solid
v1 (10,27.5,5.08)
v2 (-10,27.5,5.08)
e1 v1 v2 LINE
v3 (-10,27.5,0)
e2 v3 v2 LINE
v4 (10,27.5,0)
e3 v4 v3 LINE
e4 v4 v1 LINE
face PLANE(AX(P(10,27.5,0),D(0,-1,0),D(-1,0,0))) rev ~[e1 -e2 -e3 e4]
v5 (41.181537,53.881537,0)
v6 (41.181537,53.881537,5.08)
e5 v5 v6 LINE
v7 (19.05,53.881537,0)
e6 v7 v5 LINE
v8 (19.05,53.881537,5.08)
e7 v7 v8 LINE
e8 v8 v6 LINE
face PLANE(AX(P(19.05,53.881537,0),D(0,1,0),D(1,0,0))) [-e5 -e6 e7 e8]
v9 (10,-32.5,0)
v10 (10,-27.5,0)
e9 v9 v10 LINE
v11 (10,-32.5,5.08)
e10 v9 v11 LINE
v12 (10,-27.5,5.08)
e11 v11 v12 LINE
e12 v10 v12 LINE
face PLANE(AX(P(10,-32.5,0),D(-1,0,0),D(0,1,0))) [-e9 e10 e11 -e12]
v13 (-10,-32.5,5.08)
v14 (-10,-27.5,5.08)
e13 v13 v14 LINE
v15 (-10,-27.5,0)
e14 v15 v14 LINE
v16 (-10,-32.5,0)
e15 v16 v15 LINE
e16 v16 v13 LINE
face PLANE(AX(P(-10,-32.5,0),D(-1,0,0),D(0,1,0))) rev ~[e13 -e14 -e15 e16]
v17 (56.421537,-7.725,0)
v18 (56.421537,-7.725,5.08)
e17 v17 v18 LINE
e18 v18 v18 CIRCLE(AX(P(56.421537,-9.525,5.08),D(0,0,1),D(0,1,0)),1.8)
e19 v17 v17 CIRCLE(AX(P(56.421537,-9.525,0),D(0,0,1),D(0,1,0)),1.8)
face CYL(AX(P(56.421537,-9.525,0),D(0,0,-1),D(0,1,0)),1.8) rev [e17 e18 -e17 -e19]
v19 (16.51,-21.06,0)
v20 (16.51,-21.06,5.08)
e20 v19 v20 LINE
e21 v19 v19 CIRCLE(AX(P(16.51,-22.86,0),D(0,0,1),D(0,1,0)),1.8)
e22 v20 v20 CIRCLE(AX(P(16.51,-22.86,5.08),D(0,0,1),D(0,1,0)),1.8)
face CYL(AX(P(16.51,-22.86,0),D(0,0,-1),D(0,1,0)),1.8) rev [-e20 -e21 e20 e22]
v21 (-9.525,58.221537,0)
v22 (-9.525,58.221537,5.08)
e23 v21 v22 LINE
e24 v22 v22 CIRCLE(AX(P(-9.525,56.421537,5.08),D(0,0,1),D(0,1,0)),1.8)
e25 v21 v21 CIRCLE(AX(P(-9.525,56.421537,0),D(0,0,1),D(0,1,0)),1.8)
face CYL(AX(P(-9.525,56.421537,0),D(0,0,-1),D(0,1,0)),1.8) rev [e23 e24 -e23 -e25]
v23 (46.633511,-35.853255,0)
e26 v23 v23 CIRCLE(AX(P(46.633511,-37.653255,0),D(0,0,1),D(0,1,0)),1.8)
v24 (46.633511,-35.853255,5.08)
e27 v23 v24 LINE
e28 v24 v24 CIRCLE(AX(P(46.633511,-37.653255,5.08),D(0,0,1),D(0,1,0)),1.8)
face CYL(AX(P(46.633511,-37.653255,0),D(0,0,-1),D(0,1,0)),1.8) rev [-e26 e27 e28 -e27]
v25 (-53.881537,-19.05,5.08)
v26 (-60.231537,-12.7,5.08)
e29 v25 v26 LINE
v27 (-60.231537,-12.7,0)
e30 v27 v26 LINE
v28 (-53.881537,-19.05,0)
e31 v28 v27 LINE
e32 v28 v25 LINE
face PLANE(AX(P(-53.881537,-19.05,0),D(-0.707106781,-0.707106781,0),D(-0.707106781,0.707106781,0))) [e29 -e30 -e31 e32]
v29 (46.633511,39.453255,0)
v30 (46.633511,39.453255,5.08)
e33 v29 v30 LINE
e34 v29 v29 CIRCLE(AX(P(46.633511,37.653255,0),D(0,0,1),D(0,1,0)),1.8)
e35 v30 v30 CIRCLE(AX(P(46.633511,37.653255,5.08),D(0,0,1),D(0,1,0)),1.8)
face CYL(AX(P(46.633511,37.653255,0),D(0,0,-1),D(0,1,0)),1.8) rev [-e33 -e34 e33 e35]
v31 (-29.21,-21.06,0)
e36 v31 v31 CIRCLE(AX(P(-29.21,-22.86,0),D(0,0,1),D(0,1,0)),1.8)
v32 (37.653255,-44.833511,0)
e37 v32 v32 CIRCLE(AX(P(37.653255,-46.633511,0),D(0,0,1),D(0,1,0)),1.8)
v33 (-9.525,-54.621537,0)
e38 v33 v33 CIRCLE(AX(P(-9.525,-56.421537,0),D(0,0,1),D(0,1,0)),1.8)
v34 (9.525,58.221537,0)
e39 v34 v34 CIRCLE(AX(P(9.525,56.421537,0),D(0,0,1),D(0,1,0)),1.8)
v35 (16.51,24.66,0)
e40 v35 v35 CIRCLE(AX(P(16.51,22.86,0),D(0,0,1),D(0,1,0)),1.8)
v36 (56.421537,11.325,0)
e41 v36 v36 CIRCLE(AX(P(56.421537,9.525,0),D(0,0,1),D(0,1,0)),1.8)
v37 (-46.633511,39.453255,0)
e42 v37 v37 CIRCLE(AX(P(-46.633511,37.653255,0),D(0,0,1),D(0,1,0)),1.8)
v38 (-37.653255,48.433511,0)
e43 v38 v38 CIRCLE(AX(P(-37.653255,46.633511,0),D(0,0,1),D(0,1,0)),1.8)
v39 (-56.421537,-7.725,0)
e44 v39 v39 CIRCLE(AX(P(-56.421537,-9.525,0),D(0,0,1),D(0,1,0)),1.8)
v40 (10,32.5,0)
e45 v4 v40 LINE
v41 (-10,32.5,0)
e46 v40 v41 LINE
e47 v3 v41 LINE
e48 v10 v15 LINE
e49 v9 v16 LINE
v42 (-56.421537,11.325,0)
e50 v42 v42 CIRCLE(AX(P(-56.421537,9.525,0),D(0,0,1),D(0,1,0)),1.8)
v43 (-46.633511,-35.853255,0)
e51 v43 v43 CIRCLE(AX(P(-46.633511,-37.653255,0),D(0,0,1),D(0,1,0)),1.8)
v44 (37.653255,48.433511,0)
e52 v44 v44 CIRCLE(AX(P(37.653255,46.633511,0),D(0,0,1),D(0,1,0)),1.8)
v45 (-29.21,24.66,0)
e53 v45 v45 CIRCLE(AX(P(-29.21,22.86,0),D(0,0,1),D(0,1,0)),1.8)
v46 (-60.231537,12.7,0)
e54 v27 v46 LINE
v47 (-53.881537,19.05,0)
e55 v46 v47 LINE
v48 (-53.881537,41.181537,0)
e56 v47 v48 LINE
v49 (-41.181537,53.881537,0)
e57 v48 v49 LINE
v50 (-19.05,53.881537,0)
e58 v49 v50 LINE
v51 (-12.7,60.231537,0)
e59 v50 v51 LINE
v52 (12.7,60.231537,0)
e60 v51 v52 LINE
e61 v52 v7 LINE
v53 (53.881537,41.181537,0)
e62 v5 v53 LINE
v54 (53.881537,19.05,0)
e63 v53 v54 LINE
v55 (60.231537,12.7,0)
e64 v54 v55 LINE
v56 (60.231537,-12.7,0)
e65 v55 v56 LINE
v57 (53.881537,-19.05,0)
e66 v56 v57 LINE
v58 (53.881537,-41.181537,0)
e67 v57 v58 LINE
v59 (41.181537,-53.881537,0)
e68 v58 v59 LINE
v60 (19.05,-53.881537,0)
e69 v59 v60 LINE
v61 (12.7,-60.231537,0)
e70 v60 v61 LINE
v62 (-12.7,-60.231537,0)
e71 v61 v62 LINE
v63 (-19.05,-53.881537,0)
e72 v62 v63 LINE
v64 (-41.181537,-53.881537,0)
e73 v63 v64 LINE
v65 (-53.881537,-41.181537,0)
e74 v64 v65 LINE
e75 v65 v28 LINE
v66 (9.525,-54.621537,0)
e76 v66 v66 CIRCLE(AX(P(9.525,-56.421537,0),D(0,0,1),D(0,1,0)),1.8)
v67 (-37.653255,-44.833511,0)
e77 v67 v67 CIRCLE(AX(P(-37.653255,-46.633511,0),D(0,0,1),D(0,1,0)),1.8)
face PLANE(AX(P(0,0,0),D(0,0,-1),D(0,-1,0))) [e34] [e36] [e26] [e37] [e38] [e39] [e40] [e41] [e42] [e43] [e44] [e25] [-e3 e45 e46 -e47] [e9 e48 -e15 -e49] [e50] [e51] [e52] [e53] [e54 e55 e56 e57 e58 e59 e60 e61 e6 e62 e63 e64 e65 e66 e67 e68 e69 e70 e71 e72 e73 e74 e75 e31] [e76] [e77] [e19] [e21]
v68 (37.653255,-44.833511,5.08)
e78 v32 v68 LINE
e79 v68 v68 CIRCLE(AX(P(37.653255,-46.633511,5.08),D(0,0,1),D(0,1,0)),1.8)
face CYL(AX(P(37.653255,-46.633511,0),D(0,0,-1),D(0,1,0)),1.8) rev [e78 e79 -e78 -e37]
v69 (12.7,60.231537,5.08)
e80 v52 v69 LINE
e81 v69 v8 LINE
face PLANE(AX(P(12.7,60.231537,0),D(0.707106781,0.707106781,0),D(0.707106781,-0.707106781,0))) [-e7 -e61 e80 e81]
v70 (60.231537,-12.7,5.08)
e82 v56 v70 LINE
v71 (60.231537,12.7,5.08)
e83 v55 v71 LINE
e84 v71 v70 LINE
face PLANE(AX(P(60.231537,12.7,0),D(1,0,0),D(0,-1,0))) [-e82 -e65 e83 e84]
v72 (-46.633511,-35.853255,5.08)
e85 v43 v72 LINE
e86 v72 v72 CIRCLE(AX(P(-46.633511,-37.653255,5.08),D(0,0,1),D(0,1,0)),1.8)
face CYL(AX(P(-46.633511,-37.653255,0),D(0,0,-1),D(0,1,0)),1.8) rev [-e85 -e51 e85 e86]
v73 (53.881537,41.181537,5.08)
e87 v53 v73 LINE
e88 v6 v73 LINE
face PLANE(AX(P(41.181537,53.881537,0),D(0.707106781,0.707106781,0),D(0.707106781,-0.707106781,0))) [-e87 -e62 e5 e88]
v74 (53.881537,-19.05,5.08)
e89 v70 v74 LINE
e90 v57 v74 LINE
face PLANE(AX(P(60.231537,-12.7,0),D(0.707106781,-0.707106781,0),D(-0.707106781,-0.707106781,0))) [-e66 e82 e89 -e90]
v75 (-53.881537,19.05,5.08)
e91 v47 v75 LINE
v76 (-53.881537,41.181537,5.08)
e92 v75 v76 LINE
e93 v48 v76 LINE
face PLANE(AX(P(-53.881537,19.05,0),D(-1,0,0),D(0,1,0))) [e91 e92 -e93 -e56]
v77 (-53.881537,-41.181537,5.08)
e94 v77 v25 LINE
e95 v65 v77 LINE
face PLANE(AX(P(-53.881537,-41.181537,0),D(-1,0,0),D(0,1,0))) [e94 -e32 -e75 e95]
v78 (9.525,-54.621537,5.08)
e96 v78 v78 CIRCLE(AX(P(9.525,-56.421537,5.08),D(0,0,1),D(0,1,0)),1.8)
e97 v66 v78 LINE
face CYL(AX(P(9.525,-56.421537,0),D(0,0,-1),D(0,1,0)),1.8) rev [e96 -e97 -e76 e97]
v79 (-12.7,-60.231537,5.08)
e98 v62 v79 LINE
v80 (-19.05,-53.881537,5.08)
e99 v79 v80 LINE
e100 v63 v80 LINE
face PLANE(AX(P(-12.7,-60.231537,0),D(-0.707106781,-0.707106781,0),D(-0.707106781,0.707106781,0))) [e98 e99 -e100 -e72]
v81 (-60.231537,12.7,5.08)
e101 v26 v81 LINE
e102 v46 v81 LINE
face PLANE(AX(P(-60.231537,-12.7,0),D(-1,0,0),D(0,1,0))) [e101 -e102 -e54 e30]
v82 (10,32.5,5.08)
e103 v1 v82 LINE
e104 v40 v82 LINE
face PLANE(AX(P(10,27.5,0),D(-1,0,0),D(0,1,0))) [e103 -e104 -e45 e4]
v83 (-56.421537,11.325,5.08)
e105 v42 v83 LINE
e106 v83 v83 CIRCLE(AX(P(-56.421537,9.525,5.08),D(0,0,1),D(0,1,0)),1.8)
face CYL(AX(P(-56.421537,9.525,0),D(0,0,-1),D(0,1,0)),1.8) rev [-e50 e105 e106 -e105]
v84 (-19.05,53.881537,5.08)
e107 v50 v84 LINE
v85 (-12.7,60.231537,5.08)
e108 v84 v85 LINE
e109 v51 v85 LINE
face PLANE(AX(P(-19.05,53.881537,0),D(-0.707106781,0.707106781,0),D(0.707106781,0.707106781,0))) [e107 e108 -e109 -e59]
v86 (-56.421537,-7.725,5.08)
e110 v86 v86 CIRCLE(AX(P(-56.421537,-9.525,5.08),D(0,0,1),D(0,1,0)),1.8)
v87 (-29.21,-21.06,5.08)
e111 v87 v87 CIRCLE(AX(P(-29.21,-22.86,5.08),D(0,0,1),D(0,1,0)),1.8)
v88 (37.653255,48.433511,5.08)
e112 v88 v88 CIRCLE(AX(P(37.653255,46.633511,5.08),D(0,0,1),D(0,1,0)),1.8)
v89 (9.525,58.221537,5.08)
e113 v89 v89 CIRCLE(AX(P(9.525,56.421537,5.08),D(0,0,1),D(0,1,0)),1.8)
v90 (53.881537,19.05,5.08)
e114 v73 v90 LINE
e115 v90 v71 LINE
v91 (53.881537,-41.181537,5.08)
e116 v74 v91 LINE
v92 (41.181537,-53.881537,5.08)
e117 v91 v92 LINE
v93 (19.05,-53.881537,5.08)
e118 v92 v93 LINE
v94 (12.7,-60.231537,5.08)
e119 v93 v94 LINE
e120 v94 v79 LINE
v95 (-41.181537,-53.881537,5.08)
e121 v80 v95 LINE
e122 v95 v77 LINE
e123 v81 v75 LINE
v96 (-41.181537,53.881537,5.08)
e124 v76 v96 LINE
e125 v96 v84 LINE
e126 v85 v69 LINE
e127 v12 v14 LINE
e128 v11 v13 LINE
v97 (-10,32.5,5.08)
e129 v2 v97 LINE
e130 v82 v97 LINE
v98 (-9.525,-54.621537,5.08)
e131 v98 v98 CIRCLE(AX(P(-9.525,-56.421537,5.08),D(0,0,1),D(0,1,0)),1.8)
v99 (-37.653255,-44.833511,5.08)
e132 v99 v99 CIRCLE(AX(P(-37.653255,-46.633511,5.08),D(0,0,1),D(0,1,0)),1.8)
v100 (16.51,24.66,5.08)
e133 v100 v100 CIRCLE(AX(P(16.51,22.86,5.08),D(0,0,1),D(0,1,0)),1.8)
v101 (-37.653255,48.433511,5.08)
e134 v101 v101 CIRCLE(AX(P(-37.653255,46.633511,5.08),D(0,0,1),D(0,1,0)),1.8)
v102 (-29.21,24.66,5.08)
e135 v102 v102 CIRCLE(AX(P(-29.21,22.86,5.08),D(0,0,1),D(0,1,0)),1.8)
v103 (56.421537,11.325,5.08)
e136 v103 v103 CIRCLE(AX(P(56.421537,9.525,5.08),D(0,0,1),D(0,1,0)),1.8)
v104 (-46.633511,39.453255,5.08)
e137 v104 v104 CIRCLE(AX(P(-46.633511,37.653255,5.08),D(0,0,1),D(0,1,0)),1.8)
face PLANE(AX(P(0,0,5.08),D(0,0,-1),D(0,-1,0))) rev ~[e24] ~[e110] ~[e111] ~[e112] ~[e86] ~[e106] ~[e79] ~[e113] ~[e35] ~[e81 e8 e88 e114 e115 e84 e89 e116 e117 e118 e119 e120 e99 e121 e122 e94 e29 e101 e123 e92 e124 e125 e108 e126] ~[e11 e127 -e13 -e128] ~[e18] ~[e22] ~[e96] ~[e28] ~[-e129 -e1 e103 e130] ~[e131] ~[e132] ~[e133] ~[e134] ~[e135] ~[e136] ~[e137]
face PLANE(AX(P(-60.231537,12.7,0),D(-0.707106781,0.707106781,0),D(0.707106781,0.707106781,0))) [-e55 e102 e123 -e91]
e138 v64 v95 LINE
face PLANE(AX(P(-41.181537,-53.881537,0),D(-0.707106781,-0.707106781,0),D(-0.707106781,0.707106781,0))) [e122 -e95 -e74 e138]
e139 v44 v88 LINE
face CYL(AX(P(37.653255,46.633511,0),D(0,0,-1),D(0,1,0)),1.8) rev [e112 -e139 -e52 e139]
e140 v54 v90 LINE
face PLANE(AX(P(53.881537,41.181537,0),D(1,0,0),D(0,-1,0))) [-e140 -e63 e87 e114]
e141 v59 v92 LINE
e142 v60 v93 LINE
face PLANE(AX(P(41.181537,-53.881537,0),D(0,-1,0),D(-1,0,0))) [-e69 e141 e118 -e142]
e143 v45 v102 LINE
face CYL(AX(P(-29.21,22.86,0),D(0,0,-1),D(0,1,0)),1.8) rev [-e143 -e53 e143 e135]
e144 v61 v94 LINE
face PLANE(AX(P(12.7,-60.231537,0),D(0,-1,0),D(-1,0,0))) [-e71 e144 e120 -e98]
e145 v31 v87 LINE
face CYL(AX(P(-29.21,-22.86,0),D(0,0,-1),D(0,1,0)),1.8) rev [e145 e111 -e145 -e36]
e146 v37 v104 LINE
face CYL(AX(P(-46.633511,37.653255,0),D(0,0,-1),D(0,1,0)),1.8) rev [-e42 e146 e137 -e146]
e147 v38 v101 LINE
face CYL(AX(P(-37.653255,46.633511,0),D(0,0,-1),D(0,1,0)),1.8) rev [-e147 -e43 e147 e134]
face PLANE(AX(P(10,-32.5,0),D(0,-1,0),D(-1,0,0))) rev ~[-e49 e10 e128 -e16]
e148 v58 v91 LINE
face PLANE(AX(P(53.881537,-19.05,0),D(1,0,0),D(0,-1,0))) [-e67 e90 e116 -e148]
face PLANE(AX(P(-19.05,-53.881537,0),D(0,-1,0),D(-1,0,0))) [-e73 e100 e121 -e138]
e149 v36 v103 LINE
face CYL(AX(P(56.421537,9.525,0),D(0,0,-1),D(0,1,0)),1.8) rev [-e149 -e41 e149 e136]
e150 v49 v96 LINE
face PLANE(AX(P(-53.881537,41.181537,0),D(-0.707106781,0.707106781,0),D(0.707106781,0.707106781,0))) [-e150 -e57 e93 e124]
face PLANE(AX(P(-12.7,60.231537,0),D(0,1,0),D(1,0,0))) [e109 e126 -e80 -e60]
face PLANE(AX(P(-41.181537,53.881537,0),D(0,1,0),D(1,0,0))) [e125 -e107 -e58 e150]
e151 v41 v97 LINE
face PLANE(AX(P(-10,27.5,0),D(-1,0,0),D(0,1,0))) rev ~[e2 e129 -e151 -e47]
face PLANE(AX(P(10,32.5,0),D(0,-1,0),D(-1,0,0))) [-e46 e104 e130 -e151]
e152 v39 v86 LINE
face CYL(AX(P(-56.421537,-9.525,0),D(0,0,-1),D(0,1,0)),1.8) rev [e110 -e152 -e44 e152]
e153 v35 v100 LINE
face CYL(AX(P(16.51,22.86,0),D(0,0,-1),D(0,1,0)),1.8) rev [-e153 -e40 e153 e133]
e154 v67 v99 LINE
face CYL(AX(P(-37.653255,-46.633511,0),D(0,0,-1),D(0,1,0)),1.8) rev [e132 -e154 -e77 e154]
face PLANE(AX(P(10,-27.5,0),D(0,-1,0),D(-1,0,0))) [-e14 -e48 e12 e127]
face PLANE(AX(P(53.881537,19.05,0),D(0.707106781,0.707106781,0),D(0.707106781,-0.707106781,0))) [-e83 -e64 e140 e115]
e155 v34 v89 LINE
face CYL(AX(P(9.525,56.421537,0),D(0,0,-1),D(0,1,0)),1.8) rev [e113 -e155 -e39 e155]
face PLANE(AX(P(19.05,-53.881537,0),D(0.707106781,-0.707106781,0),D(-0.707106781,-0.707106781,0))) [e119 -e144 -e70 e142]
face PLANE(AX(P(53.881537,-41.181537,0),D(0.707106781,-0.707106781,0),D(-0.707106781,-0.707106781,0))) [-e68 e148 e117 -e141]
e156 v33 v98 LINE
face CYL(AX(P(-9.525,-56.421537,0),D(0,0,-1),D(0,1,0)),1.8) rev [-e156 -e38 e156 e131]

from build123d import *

# Parameters (mm, degrees)
SKETCH1_R           = 1.8
SKETCH1_W           = 5
SKETCH1_H           = 20
BOSS_EXTRUDE1_DEPTH = 5.08


with BuildPart() as part:
    # Sketch1 → Boss-Extrude1 (new body)
    with BuildSketch(Plane(origin=(0, 0, 0), x_dir=(0, 1, 0), z_dir=(0, 0, 1))):
        Polygon((-41.181536726, 53.881536726), (-19.05, 53.881536726), (-12.7, 60.231536726), (12.7, 60.231536726), (19.05, 53.881536726), (41.181536726, 53.881536726), (53.881536726, 41.181536726), (53.881536726, 19.05), (60.231536726, 12.7), (60.231536726, -12.7), (53.881536726, -19.05), (53.881536726, -41.181536726), (41.181536726, -53.881536726), (19.05, -53.881536726), (12.7, -60.231536726), (-12.7, -60.231536726), (-19.05, -53.881536726), (-41.181536726, -53.881536726), (-53.881536726, -41.181536726), (-53.881536726, -19.05), (-60.231536726, -12.7), (-60.231536726, 12.7), (-53.881536726, 19.05), (-53.881536726, 41.181536726), align=None)
        with Locations((-46.633511114, -37.653254993)):
            Circle(SKETCH1_R, mode=Mode.SUBTRACT)
        with Locations((-37.653254993, -46.633511114)):
            Circle(SKETCH1_R, mode=Mode.SUBTRACT)
        with Locations((46.633511114, -37.653254993)):
            Circle(SKETCH1_R, mode=Mode.SUBTRACT)
        with Locations((37.653254993, -46.633511114)):
            Circle(SKETCH1_R, mode=Mode.SUBTRACT)
        with Locations((-46.633511114, 37.653254993)):
            Circle(SKETCH1_R, mode=Mode.SUBTRACT)
        with Locations((-37.653254993, 46.633511114)):
            Circle(SKETCH1_R, mode=Mode.SUBTRACT)
        with Locations((37.653254993, 46.633511114)):
            Circle(SKETCH1_R, mode=Mode.SUBTRACT)
        with Locations((46.633511114, 37.653254993)):
            Circle(SKETCH1_R, mode=Mode.SUBTRACT)
        with Locations((-22.86, -16.51)):
            Circle(SKETCH1_R, mode=Mode.SUBTRACT)
        with Locations((22.86, -16.51)):
            Circle(SKETCH1_R, mode=Mode.SUBTRACT)
        with Locations((22.86, 29.21)):
            Circle(SKETCH1_R, mode=Mode.SUBTRACT)
        with Locations((-22.86, 29.21)):
            Circle(SKETCH1_R, mode=Mode.SUBTRACT)
        with Locations((9.525, -56.421536726)):
            Circle(SKETCH1_R, mode=Mode.SUBTRACT)
        with Locations((-9.525, -56.421536726)):
            Circle(SKETCH1_R, mode=Mode.SUBTRACT)
        with Locations((-56.421536726, -9.525)):
            Circle(SKETCH1_R, mode=Mode.SUBTRACT)
        with Locations((-56.421536726, 9.525)):
            Circle(SKETCH1_R, mode=Mode.SUBTRACT)
        with Locations((-9.525, 56.421536726)):
            Circle(SKETCH1_R, mode=Mode.SUBTRACT)
        with Locations((9.525, 56.421536726)):
            Circle(SKETCH1_R, mode=Mode.SUBTRACT)
        with Locations((56.421536726, 9.525)):
            Circle(SKETCH1_R, mode=Mode.SUBTRACT)
        with Locations((56.421536726, -9.525)):
            Circle(SKETCH1_R, mode=Mode.SUBTRACT)
        with Locations((-30, 0)):
            Rectangle(SKETCH1_W, SKETCH1_H, mode=Mode.SUBTRACT)
        with Locations((30, 0)):
            Rectangle(SKETCH1_W, SKETCH1_H, mode=Mode.SUBTRACT)
    extrude(amount=BOSS_EXTRUDE1_DEPTH)


solid = part.part
